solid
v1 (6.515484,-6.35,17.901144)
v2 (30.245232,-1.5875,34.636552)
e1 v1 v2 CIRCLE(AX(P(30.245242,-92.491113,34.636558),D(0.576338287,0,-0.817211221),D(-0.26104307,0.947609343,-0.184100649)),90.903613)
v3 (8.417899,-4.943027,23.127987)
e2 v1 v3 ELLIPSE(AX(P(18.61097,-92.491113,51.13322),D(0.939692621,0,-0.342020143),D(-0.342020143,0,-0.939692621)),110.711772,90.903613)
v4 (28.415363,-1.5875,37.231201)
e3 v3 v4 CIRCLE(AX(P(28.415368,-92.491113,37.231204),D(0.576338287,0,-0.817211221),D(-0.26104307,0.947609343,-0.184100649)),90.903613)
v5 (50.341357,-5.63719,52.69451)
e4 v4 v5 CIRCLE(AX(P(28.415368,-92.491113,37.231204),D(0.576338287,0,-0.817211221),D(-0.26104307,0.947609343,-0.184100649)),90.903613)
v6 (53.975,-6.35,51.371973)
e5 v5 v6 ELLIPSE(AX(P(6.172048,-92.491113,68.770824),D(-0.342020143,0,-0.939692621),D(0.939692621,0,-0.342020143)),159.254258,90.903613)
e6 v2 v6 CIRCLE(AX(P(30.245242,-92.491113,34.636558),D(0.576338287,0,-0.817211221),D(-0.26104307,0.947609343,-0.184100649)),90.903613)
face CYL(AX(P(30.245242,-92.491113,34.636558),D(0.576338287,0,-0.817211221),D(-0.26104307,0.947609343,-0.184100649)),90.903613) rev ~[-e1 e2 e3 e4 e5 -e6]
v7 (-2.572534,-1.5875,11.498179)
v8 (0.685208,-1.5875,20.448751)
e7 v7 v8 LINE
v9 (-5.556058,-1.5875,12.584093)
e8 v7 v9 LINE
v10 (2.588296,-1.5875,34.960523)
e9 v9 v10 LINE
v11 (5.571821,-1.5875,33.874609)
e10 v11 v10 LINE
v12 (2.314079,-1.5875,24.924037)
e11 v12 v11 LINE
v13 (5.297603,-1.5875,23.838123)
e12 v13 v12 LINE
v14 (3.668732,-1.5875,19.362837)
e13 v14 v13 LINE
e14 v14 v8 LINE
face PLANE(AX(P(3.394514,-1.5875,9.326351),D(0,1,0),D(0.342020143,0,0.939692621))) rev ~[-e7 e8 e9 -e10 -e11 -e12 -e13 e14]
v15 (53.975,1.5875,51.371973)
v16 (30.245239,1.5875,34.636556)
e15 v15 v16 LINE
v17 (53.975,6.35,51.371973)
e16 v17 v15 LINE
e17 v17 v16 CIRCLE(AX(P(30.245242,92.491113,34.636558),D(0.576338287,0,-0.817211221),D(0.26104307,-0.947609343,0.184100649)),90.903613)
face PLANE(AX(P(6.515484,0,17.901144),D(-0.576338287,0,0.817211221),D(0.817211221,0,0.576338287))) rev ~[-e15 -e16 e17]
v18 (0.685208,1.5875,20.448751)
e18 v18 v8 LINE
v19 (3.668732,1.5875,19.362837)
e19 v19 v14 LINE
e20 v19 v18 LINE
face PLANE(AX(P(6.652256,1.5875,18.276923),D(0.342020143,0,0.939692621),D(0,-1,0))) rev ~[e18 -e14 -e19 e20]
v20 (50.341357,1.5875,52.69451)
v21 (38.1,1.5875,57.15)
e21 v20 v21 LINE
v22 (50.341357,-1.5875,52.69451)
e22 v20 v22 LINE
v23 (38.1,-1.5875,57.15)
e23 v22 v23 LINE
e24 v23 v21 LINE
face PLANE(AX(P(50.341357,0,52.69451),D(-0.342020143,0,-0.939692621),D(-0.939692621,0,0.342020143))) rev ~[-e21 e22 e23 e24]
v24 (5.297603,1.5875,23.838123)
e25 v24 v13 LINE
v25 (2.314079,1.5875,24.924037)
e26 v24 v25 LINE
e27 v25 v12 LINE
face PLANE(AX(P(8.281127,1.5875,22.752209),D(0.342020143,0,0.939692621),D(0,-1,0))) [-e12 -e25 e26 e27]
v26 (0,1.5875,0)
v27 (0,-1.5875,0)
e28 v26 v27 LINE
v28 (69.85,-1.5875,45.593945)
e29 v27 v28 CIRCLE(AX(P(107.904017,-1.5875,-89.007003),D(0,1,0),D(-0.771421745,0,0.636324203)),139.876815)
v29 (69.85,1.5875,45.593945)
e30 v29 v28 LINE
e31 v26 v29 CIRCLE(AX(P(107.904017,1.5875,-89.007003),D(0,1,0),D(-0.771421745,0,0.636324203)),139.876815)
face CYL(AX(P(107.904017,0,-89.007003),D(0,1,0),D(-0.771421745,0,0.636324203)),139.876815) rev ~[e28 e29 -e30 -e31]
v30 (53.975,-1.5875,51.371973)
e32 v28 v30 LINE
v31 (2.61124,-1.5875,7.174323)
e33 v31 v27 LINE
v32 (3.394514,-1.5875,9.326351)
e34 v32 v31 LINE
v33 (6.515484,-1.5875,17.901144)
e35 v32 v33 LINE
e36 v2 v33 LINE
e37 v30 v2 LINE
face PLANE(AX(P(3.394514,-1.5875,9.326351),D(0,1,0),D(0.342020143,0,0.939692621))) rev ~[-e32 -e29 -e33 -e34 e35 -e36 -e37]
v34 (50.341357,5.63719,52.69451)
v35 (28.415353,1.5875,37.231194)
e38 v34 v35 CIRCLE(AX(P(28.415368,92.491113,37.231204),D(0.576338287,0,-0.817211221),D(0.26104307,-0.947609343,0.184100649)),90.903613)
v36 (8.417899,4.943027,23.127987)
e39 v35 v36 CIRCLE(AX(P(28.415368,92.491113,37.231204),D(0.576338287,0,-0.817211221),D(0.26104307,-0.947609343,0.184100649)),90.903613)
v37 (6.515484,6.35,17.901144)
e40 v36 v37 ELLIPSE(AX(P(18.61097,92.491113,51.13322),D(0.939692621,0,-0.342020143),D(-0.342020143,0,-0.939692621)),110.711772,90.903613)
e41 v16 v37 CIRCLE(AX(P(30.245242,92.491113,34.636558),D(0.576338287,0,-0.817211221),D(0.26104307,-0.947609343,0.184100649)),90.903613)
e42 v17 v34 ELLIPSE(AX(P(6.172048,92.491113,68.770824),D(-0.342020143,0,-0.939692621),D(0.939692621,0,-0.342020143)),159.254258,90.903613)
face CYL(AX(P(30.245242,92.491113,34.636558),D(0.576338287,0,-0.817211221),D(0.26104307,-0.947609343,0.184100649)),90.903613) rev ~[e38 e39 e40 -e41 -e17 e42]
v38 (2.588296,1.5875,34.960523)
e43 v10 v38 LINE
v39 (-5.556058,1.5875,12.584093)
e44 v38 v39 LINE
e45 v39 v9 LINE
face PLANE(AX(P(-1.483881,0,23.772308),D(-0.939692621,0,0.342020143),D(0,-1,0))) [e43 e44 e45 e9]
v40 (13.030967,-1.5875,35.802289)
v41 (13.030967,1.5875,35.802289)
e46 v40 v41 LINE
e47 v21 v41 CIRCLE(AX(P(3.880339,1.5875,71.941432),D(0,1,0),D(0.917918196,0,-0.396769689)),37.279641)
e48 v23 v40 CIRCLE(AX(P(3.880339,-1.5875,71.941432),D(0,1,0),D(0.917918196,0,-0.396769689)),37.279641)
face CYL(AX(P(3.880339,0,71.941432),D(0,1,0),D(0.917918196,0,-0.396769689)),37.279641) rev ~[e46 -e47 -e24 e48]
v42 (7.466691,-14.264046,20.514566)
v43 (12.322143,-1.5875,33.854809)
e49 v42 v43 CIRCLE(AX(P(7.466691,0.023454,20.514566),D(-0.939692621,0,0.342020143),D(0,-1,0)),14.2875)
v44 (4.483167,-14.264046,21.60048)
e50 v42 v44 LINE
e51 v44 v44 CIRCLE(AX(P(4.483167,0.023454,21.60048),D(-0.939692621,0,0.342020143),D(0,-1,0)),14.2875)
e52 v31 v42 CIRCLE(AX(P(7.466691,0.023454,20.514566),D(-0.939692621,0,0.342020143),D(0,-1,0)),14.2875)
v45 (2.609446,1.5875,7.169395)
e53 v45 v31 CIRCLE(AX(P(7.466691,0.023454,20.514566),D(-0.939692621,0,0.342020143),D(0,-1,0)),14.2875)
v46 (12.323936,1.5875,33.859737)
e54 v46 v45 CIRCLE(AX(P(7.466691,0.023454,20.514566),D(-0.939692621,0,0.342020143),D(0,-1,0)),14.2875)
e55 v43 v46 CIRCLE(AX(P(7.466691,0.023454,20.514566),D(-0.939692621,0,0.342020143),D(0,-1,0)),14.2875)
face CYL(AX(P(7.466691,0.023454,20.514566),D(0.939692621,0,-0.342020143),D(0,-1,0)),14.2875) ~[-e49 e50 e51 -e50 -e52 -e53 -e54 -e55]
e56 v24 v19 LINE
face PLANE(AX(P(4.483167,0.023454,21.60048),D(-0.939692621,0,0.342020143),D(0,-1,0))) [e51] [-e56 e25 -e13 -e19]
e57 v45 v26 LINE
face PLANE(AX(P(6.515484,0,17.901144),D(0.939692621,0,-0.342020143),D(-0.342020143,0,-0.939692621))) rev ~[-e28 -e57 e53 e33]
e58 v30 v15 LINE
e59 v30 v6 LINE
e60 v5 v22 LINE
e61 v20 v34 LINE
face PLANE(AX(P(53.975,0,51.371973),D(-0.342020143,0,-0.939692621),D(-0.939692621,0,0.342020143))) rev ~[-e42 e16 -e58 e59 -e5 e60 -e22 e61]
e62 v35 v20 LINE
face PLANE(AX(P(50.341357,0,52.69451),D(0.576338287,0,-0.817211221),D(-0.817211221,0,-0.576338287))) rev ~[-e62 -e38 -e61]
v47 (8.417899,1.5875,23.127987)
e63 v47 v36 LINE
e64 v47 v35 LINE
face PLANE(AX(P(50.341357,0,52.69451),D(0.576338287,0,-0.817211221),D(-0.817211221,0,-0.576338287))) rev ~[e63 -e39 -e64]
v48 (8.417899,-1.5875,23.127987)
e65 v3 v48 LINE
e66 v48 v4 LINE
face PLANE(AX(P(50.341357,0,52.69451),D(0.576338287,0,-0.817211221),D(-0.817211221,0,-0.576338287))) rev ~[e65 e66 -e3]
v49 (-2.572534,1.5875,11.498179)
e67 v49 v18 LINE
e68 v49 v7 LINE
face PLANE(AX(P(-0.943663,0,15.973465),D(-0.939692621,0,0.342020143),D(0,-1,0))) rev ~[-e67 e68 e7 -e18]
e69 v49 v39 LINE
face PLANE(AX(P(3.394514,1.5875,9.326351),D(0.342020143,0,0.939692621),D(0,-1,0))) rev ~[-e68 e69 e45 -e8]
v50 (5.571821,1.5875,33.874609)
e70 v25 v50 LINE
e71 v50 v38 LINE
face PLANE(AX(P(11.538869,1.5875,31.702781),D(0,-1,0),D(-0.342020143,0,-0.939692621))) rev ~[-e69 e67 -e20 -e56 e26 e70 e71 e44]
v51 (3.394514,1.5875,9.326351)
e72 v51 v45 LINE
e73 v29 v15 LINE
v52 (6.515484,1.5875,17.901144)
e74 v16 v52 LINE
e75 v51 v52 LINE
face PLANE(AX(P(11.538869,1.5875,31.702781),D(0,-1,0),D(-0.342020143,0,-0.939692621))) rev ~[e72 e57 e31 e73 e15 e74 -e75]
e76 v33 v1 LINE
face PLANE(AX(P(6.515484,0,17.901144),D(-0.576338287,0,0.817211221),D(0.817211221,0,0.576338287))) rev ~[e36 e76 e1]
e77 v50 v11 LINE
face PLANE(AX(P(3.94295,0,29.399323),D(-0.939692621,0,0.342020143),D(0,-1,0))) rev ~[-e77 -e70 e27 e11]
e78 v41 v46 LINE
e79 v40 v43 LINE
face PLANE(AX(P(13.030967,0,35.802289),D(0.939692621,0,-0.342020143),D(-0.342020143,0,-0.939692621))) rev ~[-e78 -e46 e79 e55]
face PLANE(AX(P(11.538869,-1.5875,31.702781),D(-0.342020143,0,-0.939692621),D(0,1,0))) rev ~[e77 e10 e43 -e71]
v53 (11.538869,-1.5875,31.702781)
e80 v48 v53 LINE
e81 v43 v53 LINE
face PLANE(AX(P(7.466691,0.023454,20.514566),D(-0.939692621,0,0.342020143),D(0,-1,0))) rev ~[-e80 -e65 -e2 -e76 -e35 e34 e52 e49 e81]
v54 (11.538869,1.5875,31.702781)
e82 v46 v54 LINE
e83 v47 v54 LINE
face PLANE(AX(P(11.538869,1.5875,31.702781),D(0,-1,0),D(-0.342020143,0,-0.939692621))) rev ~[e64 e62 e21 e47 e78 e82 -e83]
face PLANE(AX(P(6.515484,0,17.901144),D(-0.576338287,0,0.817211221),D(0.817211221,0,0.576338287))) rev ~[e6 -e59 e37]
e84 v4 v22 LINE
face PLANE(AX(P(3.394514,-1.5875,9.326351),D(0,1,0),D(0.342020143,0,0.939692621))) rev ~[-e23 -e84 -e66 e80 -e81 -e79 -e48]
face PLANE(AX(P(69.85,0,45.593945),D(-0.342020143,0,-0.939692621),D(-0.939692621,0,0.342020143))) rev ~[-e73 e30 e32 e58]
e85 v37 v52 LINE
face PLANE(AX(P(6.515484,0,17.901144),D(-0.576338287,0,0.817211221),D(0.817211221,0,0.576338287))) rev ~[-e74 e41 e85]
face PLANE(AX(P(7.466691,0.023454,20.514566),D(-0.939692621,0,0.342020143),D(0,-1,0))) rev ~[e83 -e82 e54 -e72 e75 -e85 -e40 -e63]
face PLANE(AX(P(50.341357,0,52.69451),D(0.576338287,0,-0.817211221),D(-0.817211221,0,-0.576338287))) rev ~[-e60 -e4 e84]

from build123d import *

# Parameters (mm, degrees)
F1_DEPTH      = 1.5875
F1_DEPTH_BACK = 1.5875
F2_DEPTH      = 6.35
F2_DEPTH_BACK = 6.35
F4_DEPTH      = 3.175
F7_DEPTH      = 9.525
F8_W          = 3.175
F8_H          = 9.525
F9_DEPTH      = 6.35
F10_R         = 14.2875
F11_DEPTH     = 3.175


with BuildPart() as f1:
    # F0 (on Front) → F1 (new body, two sides)
    with BuildSketch(Plane.XZ) as f1_sk:
        with BuildLine():
            Line((6.5154837304, 17.901144426), (0, 0))
            ThreePointArc((0, 0), (31.4472391318, 28.1249079907), (69.85, 45.593945062))
            Line((69.85, 45.593945062), (53.975, 51.371972531))
            Line((53.975, 51.371972531), (6.5154837304, 17.901144426))
        make_face()
    extrude(amount=-F1_DEPTH)
    extrude(f1_sk.sketch, amount=F1_DEPTH_BACK)


with BuildPart() as f1b:
    # F0 (on Front) → F1, piece 2 (new body, two sides)
    with BuildSketch(Plane.XZ) as f1_2_sk:
        with BuildLine():
            Line((13.0309674607, 35.8022888519), (8.4178990072, 23.1279874415))
            Line((8.4178990072, 23.1279874415), (50.3413574439, 52.6945102634))
            Line((50.3413574439, 52.6945102634), (38.1, 57.15))
            ThreePointArc((38.1, 57.15), (28.0500865293, 43.558427019), (13.0309674607, 35.8022888519))
        make_face()
    extrude(amount=-F1_DEPTH)
    extrude(f1_2_sk.sketch, amount=F1_DEPTH_BACK)


with BuildPart() as f2:
    # F0 (on Front) → F2 (new body, two sides)
    with BuildSketch(Plane.XZ) as f2_sk:
        Polygon((8.4178990072, 23.1279874415), (6.5154837304, 17.901144426), (53.975, 51.371972531), (50.3413574439, 52.6945102634), align=None)
    extrude(amount=-F2_DEPTH)
    extrude(f2_sk.sketch, amount=F2_DEPTH_BACK)

    # F3 (on face) → F4 (cut)
    with BuildSketch(Plane(origin=(-6.2670410681, 0, 8.8862676656), x_dir=(0.8172112207, 0, 0.5763382867), z_dir=(0.5763382867, 0, -0.8172112207))):
        with BuildLine():
            Line((73.7166102717, 6.35), (15.6416413214, 6.35))
            ThreePointArc((15.6416413214, 6.35), (44.6791257965, 1.5875), (73.7166102717, 6.35))
        make_face()
        with BuildLine():
            ThreePointArc((73.7166102717, -6.35), (44.6791257965, -1.5875), (15.6416413214, -6.35))
            Line((15.6416413214, -6.35), (73.7166102717, -6.35))
        make_face()
    extrude(amount=-F4_DEPTH, mode=Mode.SUBTRACT)


with BuildPart() as f1b_1:
    add(f1b.part)

    # F5: union F2, F1
    add(f2.part)
    add(f1.part)

    # F6 (on face) → F7 (join)
    with BuildSketch(Plane(origin=(0, 0, 0), x_dir=(0, -1, 0), z_dir=(-0.9396926208, 0, 0.3420201433))):
        Polygon((1.5875, 33.7373950786), (-1.5875, 33.7373950786), (-1.5875, 24.6122901573), (-1.5875, 19.05), (-1.5875, 9.9248950786), (1.5875, 9.9248950786), (1.5875, 19.05), (1.5875, 24.6122901573), align=None)
    extrude(amount=F7_DEPTH)

    # F8 (on face) → F9 (cut)
    with BuildSketch(Plane(origin=(0, 0, 0), x_dir=(0, -1, 0), z_dir=(-0.9396926208, 0, 0.3420201433))):
        with Locations((0, 28.9748950786)):
            Rectangle(F8_W, F8_H)
        with Locations((0, 14.6873950786)):
            Rectangle(F8_W, F8_H)
    extrude(amount=F9_DEPTH, mode=Mode.SUBTRACT)

    # F10 (on face) → F11 (join)
    with BuildSketch(Plane(origin=(0, 0, 0), x_dir=(0, -1, 0), z_dir=(-0.9396926208, 0, 0.3420201433))):
        with Locations((-0.0234540593, 21.8311450786)):
            Circle(F10_R)
        Polygon((-1.5875, 33.7373950786), (1.5875, 33.7373950786), (1.5875, 24.6122901573), (1.5875, 19.05), (1.5875, 9.9248950786), (-1.5875, 9.9248950786), (-1.5875, 19.05), (-1.5875, 24.6122901573), align=None, mode=Mode.SUBTRACT)
        Polygon((1.5875, 24.6122901573), (1.5875, 33.7373950786), (-1.5875, 33.7373950786), (-1.5875, 24.6122901573), (-1.5875, 19.05), (-1.5875, 9.9248950786), (1.5875, 9.9248950786), (1.5875, 19.05), align=None)
    extrude(amount=F11_DEPTH)


solid = f1b_1.part
